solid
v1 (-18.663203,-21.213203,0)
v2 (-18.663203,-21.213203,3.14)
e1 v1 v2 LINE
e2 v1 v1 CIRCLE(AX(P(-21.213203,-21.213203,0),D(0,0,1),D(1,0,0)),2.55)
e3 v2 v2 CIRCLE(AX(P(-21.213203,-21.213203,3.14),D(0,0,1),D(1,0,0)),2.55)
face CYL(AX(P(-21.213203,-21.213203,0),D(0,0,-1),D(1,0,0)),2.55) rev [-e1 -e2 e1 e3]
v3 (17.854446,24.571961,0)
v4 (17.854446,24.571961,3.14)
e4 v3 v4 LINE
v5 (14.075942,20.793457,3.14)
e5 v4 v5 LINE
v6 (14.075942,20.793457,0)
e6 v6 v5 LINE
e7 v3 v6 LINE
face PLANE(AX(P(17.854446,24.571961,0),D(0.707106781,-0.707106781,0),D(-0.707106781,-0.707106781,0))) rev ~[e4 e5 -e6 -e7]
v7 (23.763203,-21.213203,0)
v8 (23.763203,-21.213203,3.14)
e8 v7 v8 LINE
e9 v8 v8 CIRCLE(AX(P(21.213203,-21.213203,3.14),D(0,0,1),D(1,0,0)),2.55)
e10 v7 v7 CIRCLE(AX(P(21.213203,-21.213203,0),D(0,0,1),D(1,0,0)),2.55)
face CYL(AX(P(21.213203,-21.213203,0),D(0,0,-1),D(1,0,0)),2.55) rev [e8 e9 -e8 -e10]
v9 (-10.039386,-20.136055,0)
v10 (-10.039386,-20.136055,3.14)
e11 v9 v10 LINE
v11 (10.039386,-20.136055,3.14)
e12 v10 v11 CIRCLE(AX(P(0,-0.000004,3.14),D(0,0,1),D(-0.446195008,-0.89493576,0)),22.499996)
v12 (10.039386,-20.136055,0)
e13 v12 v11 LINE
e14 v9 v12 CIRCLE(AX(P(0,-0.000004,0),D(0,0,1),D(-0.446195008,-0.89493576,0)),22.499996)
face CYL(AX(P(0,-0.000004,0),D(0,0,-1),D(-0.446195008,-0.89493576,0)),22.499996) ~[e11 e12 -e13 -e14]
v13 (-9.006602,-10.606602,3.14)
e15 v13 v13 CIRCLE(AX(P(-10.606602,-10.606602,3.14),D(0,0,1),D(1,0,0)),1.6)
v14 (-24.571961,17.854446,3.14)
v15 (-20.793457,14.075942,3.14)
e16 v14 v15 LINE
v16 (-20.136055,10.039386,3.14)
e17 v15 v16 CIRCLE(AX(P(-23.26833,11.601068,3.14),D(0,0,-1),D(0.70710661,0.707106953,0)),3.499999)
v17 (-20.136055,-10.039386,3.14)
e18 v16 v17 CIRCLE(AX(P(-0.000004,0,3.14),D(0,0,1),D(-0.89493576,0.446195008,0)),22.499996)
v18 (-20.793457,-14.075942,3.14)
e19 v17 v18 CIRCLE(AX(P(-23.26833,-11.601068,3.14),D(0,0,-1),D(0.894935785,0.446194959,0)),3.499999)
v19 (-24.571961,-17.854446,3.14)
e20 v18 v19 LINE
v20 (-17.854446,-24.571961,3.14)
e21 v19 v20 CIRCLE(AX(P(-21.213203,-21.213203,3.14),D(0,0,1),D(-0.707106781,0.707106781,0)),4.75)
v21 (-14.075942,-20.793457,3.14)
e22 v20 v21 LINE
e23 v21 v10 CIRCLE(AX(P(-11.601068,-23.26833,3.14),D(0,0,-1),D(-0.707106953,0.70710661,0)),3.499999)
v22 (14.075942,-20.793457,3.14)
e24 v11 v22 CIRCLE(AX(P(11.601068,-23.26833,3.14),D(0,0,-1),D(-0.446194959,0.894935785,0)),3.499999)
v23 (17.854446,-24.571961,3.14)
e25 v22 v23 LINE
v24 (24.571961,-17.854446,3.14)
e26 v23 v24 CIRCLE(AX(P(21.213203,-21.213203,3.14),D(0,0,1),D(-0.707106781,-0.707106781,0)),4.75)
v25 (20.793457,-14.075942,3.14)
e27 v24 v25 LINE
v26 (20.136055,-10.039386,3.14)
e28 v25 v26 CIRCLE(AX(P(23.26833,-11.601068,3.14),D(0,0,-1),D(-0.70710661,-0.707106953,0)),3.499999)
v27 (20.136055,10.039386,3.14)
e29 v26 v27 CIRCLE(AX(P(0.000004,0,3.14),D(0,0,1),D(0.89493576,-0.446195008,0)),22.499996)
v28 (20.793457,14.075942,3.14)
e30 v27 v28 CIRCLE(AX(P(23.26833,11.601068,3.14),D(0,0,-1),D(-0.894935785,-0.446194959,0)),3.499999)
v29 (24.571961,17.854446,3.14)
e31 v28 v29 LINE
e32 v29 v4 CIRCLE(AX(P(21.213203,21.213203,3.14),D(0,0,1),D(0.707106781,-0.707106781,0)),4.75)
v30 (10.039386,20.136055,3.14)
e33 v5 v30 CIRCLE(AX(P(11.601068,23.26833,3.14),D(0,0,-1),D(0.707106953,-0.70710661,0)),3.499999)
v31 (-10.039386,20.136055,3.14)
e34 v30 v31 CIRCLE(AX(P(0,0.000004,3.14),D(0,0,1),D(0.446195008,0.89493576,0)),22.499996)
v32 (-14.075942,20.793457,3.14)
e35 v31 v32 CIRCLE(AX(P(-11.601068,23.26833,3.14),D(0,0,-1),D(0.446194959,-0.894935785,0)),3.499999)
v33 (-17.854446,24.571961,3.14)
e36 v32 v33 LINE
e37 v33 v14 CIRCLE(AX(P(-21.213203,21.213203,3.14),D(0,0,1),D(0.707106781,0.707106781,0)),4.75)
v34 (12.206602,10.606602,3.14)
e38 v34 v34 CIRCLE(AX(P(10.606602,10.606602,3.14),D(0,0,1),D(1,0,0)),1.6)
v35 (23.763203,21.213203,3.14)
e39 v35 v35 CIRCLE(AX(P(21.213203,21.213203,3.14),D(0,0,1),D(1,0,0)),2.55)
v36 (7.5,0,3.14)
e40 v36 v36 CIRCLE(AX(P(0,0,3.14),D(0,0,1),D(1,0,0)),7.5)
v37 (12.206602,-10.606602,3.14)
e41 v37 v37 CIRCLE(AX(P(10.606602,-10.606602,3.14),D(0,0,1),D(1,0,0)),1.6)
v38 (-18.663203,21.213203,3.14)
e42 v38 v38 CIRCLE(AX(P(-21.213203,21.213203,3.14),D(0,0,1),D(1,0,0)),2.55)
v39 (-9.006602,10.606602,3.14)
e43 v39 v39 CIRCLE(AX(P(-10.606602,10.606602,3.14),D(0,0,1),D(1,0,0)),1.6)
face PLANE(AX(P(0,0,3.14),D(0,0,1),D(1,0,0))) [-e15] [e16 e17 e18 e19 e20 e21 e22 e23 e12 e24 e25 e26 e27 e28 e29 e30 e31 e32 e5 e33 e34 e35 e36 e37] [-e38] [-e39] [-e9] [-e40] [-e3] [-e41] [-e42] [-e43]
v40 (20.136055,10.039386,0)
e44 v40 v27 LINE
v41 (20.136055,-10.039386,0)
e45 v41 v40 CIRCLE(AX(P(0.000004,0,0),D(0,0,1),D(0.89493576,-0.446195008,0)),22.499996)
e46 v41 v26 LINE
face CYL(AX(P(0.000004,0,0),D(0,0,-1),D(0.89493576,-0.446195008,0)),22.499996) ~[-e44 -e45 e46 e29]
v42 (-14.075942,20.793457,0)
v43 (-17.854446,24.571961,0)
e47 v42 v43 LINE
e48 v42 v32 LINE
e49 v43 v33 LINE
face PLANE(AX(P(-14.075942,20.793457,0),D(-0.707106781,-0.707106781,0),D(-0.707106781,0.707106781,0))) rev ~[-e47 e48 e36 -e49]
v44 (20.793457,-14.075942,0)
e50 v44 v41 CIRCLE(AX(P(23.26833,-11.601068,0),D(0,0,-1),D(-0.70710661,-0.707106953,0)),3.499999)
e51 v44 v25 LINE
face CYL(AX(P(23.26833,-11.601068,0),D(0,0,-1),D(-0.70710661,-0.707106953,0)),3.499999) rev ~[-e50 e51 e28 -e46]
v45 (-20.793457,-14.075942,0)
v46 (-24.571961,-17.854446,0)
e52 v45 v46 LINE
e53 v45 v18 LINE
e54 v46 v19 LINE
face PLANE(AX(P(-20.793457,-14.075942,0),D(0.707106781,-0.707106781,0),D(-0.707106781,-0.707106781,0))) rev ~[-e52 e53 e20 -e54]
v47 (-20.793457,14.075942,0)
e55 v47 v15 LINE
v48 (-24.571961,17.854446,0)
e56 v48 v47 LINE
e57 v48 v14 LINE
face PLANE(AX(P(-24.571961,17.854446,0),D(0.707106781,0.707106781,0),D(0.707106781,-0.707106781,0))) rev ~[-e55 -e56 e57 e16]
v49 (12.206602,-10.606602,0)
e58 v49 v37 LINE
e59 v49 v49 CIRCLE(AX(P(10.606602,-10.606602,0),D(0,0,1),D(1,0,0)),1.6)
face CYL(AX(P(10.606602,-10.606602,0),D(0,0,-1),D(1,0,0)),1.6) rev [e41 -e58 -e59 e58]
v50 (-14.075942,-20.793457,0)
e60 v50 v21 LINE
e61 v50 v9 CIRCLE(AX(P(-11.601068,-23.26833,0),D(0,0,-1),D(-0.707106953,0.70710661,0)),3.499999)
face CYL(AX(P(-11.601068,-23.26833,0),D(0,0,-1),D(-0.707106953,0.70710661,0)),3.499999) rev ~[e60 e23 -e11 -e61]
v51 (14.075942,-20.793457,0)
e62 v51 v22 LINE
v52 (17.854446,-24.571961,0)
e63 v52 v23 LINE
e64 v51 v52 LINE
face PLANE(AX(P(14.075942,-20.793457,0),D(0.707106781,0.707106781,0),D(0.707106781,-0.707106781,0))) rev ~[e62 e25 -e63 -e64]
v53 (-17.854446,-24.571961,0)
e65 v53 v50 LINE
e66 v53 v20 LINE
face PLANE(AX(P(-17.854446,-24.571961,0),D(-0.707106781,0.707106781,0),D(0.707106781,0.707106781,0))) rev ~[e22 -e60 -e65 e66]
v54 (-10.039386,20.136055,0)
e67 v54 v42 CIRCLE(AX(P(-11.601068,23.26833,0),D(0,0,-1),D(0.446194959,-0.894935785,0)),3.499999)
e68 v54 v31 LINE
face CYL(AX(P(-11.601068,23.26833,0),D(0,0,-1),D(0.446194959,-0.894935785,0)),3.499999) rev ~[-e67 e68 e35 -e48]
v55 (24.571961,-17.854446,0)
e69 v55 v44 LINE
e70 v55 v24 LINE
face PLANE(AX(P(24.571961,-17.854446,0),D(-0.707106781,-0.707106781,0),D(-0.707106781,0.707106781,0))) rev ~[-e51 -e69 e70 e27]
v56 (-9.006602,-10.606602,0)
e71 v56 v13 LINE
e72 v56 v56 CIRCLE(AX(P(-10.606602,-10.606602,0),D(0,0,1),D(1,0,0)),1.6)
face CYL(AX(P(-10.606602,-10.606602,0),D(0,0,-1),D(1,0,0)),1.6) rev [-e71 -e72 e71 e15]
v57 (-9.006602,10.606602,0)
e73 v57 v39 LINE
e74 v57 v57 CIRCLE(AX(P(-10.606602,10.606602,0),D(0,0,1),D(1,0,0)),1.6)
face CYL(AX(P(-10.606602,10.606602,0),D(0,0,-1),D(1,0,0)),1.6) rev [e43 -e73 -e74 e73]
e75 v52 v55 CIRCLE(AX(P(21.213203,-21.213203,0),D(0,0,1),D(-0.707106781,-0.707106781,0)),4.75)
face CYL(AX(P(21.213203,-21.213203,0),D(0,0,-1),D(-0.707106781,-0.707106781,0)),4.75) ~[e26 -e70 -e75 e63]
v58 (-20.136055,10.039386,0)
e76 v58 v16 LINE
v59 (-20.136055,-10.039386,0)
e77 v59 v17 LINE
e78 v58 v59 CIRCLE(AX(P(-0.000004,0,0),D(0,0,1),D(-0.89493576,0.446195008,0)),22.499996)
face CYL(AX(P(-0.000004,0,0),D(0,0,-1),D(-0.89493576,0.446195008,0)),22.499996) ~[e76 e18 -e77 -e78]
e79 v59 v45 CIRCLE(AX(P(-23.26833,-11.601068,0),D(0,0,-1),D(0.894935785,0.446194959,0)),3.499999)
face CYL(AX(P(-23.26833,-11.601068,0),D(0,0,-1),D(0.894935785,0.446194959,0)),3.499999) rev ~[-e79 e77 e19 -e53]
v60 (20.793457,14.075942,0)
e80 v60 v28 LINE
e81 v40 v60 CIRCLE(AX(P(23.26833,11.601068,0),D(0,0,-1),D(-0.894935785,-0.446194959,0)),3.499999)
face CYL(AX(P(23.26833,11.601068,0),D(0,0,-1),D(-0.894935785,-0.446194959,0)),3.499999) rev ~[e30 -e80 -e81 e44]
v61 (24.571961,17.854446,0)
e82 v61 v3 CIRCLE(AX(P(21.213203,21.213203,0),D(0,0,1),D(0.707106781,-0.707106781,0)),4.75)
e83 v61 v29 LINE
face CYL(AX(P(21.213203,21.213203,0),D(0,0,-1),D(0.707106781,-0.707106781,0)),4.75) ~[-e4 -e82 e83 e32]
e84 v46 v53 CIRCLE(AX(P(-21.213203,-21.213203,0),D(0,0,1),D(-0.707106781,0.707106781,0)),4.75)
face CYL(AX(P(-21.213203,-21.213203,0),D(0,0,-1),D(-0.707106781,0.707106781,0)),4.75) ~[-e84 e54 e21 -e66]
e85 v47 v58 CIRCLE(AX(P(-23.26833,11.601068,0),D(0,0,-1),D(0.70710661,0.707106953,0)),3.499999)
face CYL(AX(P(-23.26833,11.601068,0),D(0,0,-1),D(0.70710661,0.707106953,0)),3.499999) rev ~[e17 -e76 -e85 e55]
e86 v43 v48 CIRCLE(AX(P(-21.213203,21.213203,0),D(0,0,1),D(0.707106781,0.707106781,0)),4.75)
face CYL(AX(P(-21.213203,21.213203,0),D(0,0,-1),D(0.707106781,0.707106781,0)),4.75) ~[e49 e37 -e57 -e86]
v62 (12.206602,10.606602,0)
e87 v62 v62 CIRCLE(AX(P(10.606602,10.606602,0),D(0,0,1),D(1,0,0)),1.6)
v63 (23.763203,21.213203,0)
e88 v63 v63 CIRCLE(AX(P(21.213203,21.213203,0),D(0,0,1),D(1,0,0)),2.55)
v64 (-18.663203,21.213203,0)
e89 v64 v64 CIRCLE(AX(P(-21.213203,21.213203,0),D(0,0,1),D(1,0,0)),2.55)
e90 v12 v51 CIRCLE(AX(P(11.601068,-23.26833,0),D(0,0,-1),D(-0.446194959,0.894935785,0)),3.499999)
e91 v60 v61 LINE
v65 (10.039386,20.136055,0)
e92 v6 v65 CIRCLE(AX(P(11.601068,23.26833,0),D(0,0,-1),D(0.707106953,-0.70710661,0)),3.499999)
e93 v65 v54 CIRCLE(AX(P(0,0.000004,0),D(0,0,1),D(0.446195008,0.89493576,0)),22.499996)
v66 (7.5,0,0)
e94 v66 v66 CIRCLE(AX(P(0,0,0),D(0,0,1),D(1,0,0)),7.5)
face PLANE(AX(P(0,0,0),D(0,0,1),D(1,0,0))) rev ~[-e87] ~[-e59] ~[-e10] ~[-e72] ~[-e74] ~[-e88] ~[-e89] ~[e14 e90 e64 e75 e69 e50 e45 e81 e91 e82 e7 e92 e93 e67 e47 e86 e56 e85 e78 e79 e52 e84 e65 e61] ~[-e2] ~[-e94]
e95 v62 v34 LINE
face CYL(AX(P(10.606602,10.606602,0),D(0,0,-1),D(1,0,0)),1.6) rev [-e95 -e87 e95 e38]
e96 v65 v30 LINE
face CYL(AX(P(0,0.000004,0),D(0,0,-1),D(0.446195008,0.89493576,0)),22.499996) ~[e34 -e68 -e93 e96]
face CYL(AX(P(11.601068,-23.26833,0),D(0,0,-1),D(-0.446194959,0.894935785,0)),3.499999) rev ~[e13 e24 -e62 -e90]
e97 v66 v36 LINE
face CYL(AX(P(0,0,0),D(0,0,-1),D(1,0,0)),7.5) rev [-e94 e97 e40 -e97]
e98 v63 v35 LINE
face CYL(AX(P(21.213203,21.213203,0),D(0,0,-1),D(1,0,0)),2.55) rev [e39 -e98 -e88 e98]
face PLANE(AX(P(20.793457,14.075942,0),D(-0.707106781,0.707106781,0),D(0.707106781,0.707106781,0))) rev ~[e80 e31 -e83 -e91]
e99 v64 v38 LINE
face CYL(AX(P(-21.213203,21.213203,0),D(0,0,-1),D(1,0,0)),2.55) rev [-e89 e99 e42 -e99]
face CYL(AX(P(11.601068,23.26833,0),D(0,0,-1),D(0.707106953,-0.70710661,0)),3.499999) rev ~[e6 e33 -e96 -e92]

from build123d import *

# Parameters (mm, degrees)
F0_R     = 2.55
F0_R_2   = 1.6
F0_R_3   = 7.5
F1_DEPTH = 3.14


with BuildPart() as f1:
    # F0 (on Top) → F1 (new body)
    with BuildSketch(Plane.XY):
        with BuildLine():
            ThreePointArc((-17.854446, 24.571961), (-24.571961, 24.571961), (-24.571961, 17.854446))
            Line((-24.571961, 17.854446), (-20.793457, 14.075942))
            ThreePointArc((-20.793457, 14.075942), (-19.813844, 12.163673), (-20.136055, 10.039386))
            ThreePointArc((-20.136055, 10.039386), (-22.5, 0), (-20.136055, -10.039386))
            ThreePointArc((-20.136055, -10.039386), (-19.813844, -12.163673), (-20.793457, -14.075942))
            Line((-20.793457, -14.075942), (-24.571961, -17.854446))
            ThreePointArc((-24.571961, -17.854446), (-24.571961, -24.571961), (-17.854446, -24.571961))
            Line((-17.854446, -24.571961), (-14.075942, -20.793457))
            ThreePointArc((-14.075942, -20.793457), (-12.163673, -19.813844), (-10.039386, -20.136055))
            ThreePointArc((-10.039386, -20.136055), (0, -22.5), (10.039386, -20.136055))
            ThreePointArc((10.039386, -20.136055), (12.163673, -19.813844), (14.075942, -20.793457))
            Line((14.075942, -20.793457), (17.854446, -24.571961))
            ThreePointArc((17.854446, -24.571961), (24.571961, -24.571961), (24.571961, -17.854446))
            Line((24.571961, -17.854446), (20.793457, -14.075942))
            ThreePointArc((20.793457, -14.075942), (19.813844, -12.163673), (20.136055, -10.039386))
            ThreePointArc((20.136055, -10.039386), (22.5, 0), (20.136055, 10.039386))
            ThreePointArc((20.136055, 10.039386), (19.813844, 12.163673), (20.793457, 14.075942))
            Line((20.793457, 14.075942), (24.571961, 17.854446))
            ThreePointArc((24.571961, 17.854446), (24.571961, 24.571961), (17.854446, 24.571961))
            Line((17.854446, 24.571961), (14.075942, 20.793457))
            ThreePointArc((14.075942, 20.793457), (12.163673, 19.813844), (10.039386, 20.136055))
            ThreePointArc((10.039386, 20.136055), (0, 22.5), (-10.039386, 20.136055))
            ThreePointArc((-10.039386, 20.136055), (-12.163673, 19.813844), (-14.075942, 20.793457))
            Line((-14.075942, 20.793457), (-17.854446, 24.571961))
        make_face()
        with Locations((-21.213203, -21.213203)):
            Circle(F0_R, mode=Mode.SUBTRACT)
        with Locations((-10.606602, -10.606602)):
            Circle(F0_R_2, mode=Mode.SUBTRACT)
        with Locations((21.213203, -21.213203)):
            Circle(F0_R, mode=Mode.SUBTRACT)
        with Locations((10.606602, -10.606602)):
            Circle(F0_R_2, mode=Mode.SUBTRACT)
        Circle(F0_R_3, mode=Mode.SUBTRACT)
        with Locations((-10.606602, 10.606602)):
            Circle(F0_R_2, mode=Mode.SUBTRACT)
        with Locations((-21.213203, 21.213203)):
            Circle(F0_R, mode=Mode.SUBTRACT)
        with Locations((10.606602, 10.606602)):
            Circle(F0_R_2, mode=Mode.SUBTRACT)
        with Locations((21.213203, 21.213203)):
            Circle(F0_R, mode=Mode.SUBTRACT)
    extrude(amount=F1_DEPTH)


solid = f1.part
